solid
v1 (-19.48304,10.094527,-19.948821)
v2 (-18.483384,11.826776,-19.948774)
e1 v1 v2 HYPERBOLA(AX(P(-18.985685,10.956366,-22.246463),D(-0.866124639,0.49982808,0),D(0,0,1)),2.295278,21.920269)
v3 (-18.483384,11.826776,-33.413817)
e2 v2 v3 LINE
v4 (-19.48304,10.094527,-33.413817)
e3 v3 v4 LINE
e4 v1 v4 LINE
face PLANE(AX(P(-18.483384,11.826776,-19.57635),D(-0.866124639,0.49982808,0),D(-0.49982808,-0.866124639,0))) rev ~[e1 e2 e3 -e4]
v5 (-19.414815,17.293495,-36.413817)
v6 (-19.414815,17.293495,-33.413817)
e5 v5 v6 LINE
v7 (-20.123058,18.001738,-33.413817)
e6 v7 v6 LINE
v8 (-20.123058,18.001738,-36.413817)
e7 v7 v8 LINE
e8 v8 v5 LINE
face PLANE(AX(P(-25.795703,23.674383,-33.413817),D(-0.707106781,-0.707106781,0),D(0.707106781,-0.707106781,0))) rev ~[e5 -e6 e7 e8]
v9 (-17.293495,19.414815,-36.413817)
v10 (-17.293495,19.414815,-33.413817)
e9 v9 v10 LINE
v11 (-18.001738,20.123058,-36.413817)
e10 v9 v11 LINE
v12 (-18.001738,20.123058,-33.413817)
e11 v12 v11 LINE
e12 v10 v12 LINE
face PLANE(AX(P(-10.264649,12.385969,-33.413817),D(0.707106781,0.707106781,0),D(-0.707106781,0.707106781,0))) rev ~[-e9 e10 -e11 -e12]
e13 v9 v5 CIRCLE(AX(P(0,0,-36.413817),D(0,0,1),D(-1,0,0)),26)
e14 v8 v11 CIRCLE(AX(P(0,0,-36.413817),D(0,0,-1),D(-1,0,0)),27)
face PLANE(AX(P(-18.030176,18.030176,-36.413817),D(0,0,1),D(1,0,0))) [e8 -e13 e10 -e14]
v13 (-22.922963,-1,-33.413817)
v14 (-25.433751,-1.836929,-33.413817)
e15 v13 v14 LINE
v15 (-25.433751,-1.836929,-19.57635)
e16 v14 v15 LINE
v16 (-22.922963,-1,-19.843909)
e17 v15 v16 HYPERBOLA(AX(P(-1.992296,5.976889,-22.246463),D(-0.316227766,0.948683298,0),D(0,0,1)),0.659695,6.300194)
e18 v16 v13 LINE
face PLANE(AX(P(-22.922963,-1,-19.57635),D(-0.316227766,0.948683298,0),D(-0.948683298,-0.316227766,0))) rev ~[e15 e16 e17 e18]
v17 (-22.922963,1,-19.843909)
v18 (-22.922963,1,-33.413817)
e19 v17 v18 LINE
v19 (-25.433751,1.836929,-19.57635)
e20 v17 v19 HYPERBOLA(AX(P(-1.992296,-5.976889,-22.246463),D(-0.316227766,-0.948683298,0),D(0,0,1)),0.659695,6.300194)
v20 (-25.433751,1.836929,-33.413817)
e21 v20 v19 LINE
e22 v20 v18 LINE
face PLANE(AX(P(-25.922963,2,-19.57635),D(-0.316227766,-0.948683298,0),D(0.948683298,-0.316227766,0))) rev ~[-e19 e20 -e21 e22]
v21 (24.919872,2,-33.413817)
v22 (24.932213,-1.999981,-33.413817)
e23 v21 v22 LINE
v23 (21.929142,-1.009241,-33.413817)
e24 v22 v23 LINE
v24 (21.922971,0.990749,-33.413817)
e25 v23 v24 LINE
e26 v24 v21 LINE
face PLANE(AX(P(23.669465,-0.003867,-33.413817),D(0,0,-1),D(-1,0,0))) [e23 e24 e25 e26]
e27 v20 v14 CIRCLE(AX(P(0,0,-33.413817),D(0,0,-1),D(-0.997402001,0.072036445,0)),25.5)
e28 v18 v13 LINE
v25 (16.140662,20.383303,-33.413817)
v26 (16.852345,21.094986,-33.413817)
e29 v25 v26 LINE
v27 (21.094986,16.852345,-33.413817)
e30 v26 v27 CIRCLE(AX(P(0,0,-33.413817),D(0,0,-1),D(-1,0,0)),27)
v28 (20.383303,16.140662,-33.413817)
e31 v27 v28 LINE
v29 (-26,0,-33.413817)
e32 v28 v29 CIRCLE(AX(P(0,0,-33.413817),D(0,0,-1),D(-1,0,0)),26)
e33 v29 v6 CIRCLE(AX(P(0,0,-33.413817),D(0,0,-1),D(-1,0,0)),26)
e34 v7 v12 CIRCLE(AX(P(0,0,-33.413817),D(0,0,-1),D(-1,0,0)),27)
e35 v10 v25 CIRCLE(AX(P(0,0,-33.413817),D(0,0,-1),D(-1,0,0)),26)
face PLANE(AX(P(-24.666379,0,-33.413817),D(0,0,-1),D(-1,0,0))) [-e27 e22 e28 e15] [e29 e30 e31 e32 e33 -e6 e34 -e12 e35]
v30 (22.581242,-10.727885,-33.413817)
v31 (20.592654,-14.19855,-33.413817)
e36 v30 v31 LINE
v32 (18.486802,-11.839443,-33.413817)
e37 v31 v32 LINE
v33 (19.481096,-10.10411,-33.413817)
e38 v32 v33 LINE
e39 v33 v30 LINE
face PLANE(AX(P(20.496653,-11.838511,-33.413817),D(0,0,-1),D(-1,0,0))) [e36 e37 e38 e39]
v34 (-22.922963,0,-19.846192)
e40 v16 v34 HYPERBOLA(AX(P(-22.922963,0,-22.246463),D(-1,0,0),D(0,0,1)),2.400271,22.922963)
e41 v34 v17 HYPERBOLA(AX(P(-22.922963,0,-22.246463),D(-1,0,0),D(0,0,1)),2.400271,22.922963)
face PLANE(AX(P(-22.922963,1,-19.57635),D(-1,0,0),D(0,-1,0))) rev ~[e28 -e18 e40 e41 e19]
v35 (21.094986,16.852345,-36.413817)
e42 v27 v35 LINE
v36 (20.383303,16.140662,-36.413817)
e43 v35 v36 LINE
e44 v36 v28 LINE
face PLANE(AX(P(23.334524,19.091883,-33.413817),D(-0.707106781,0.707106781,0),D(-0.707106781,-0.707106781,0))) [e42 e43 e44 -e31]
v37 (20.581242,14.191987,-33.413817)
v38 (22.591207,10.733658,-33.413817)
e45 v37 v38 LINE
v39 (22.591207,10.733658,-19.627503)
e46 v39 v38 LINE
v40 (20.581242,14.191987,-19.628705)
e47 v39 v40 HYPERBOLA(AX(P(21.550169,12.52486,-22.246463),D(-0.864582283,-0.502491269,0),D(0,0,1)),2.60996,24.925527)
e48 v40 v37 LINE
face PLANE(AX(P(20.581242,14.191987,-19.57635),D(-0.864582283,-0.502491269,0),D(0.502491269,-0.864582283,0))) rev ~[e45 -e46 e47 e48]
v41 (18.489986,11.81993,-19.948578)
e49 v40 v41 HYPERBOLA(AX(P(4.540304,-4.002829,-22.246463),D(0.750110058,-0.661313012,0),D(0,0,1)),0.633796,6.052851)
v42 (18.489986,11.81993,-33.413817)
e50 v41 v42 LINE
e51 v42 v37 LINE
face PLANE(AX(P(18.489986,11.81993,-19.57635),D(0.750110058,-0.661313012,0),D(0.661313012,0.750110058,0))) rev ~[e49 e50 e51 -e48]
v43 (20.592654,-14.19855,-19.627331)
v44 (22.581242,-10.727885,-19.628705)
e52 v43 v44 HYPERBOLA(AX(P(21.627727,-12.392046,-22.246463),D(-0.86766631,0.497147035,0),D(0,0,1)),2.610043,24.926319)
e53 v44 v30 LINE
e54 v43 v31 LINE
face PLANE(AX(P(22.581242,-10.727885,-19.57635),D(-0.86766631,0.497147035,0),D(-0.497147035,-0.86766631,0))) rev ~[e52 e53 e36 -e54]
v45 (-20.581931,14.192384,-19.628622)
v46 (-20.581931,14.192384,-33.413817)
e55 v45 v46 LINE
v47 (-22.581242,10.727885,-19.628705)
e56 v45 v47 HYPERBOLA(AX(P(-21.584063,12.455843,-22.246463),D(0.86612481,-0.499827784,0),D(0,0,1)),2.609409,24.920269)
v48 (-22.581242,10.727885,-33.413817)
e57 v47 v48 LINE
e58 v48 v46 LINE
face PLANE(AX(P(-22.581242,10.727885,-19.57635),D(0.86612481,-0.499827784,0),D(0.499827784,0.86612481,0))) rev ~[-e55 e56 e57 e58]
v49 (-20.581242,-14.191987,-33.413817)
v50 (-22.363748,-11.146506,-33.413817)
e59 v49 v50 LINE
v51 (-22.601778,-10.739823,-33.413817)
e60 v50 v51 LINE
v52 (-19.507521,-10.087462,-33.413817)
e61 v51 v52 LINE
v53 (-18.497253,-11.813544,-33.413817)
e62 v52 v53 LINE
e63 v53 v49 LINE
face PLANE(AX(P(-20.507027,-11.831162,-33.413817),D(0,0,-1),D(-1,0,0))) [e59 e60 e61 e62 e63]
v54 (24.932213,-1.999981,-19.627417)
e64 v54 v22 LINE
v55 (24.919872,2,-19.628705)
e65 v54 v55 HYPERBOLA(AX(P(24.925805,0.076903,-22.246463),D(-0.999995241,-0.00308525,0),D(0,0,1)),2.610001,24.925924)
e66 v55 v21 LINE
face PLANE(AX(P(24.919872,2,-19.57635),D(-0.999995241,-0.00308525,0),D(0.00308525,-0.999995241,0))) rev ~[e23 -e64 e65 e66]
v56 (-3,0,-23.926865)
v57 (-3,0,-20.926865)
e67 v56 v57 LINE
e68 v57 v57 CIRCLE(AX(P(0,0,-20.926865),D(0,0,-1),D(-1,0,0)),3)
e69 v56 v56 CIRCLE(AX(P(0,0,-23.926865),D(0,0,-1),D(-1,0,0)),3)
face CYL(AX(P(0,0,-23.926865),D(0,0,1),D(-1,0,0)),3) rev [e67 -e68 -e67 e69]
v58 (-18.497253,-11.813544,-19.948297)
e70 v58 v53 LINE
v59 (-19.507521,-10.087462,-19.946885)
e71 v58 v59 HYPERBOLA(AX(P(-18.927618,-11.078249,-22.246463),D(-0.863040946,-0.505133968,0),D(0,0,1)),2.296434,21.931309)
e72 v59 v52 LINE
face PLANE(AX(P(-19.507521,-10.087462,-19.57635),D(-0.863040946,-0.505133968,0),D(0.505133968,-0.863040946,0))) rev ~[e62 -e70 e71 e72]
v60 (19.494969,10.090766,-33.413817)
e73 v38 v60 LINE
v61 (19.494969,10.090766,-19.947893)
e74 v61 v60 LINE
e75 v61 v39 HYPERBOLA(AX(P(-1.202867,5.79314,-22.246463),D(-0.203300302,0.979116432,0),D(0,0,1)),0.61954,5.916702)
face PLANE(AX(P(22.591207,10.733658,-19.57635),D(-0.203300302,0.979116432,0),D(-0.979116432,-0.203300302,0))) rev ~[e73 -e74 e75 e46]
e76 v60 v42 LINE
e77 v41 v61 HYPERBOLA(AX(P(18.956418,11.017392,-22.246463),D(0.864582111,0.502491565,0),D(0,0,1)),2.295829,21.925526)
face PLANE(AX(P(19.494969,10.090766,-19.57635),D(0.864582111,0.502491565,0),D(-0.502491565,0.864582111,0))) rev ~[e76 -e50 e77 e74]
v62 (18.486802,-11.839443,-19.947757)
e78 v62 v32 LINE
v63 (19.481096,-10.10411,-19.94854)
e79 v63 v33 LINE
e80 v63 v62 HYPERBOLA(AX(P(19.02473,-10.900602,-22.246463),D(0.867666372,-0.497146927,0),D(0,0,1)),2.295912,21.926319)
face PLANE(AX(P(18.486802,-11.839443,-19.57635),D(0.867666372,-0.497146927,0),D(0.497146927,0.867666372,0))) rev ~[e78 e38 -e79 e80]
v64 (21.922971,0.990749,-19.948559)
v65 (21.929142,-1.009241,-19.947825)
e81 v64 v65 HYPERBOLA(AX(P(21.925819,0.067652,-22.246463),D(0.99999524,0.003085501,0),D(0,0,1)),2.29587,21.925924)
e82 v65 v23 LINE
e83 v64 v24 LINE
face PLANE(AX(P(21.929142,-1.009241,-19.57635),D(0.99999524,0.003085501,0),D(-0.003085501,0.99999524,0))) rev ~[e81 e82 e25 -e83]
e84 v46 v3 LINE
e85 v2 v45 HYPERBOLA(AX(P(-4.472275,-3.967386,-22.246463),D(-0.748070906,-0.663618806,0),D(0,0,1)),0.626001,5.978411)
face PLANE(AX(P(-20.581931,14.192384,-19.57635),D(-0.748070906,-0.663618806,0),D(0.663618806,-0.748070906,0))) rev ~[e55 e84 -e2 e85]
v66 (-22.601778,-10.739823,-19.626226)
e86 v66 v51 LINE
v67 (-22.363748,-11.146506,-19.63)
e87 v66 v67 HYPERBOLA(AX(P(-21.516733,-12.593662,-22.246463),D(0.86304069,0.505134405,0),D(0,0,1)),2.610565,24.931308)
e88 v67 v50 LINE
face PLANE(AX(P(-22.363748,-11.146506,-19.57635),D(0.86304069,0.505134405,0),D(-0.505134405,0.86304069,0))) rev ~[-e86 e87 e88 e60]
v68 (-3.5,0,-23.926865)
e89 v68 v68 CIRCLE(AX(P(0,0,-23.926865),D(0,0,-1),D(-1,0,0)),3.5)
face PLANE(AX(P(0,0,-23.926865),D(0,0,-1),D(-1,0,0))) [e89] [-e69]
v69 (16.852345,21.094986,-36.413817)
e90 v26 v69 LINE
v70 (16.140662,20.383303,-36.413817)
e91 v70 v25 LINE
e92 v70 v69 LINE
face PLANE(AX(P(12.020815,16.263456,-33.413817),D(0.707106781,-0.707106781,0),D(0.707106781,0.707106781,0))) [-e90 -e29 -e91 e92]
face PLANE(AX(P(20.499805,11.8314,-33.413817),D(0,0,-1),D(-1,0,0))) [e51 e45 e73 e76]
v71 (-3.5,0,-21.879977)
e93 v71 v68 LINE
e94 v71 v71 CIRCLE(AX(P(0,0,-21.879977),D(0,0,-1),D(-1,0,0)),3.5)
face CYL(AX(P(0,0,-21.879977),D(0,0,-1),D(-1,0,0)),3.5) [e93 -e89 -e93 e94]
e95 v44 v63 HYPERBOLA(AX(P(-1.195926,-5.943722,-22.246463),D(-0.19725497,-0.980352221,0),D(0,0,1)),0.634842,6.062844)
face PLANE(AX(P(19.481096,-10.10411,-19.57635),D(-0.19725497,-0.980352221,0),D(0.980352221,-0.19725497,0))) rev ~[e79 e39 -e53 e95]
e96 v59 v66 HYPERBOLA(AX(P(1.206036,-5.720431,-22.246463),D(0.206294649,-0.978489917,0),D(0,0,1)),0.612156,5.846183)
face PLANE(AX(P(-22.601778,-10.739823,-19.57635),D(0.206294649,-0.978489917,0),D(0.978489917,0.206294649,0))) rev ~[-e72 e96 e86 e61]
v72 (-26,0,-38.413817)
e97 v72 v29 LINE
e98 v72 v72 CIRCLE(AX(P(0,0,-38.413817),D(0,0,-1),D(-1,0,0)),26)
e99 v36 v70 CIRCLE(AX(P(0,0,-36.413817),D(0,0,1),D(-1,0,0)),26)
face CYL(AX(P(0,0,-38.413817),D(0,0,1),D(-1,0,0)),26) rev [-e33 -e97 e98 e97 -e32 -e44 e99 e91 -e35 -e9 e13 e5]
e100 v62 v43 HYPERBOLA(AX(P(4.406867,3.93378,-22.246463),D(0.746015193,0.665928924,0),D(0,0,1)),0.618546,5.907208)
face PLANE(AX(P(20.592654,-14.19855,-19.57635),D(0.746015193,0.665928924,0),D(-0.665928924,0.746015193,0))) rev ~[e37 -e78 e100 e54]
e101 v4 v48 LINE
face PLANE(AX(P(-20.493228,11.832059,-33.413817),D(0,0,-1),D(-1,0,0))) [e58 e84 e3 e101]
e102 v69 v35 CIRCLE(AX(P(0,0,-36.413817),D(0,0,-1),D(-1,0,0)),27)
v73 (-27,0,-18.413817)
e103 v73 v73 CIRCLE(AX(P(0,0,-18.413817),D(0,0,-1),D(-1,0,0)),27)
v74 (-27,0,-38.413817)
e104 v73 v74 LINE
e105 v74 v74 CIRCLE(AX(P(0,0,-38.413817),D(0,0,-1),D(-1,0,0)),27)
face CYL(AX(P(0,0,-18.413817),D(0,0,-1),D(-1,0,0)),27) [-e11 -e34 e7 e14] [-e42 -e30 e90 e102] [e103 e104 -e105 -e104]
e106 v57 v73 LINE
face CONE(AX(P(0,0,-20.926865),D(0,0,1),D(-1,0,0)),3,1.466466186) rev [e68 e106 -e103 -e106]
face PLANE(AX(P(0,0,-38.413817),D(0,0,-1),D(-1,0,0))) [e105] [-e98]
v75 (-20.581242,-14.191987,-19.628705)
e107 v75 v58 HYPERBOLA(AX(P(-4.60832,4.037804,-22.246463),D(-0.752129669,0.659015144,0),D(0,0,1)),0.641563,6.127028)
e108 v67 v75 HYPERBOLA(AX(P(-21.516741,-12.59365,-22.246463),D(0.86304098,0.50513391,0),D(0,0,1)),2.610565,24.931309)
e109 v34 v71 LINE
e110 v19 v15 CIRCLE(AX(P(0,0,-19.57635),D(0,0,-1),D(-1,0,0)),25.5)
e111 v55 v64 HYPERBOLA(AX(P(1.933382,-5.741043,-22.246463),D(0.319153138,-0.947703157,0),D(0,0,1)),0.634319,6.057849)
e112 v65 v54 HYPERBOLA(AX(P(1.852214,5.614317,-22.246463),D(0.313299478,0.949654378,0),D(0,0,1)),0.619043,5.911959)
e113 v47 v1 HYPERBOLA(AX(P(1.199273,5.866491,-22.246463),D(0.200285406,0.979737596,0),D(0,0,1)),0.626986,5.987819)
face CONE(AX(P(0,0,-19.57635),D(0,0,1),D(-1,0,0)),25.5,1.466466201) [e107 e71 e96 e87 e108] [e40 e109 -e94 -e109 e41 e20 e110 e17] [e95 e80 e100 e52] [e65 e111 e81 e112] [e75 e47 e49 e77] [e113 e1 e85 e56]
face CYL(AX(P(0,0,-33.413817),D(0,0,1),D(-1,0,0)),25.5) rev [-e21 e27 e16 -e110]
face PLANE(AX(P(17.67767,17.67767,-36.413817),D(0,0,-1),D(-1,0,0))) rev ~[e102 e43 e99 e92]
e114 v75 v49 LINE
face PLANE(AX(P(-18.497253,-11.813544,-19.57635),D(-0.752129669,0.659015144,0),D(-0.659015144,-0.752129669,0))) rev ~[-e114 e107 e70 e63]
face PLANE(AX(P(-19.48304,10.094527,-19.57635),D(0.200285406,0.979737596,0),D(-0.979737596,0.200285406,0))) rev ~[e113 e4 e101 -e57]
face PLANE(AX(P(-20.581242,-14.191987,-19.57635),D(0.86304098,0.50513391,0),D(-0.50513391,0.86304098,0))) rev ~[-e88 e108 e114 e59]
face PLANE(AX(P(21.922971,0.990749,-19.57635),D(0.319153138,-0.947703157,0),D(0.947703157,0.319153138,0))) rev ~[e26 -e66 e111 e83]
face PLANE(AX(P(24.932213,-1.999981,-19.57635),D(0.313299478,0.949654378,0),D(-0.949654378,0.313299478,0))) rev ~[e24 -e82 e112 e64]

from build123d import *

# Parameters (mm, degrees)
BOSS_EXTRU_4_START      = -13.837467
BOSS_EXTRU_4_DEPTH      = 13.837467
ENL_V_MAT_EXTRU_2_DEPTH = 3
ENL_V_MAT_EXTRU_3_DEPTH = 3


with BuildPart() as part:
    # Esquisse3 → Révolution1 (revolve)
    with BuildSketch(Plane(origin=(0, 0, 0), x_dir=(1, 0, 0), z_dir=(0, 1, 0))):
        Polygon((-27, 18.413817), (-27, 38.413817), (-26, 38.413817), (-26, 33.413817), (-25.5, 33.413817), (-25.5, 19.57635), (-3.5, 21.879977), (-3.5, 23.926865), (-3, 23.926865), (-3, 20.926865), align=None)
    revolve(axis=Axis((0, 0, 0), (0, 0, -1)))

    # Esquisse7 → Boss.-Extru.4 (add)
    with BuildSketch(Plane(origin=(0, 0, -33.413817), x_dir=(-1, 0, 0), z_dir=(0, 0, -1)).offset(BOSS_EXTRU_4_START)):
        Polygon((22.922963, -1), (25.922963, -2), (25.922963, 2), (22.922963, 1), align=None)
        Polygon((-21.922971, 0.990749), (-24.919872, 2), (-24.932213, -1.999981), (-21.929142, -1.009241), align=None)
        Polygon((19.48304, 10.094527), (22.581242, 10.727885), (20.581931, 14.192384), (18.483384, 11.826776), align=None)
        Polygon((-18.489986, 11.81993), (-20.581242, 14.191987), (-22.591207, 10.733658), (-19.494969, 10.090766), align=None)
        Polygon((18.497253, -11.813544), (20.581242, -14.191987), (22.363748, -11.146506), (22.601778, -10.739823), (19.507521, -10.087462), align=None)
        Polygon((-19.481096, -10.10411), (-22.581242, -10.727885), (-20.592654, -14.19855), (-18.486802, -11.839443), align=None)
    extrude(amount=BOSS_EXTRU_4_DEPTH)

    # Esquisse8 → Enlèv. mat.-Extru.2 (cut)
    with BuildSketch(Plane(origin=(0, 0, -33.413817), x_dir=(-1, 0, 0), z_dir=(0, 0, -1))):
        Polygon((10.264649, 12.385969), (23.674383, 25.795703), (25.795703, 23.674383), (12.385969, 10.264649), align=None)
    extrude(amount=ENL_V_MAT_EXTRU_2_DEPTH, mode=Mode.SUBTRACT)

    # Esquisse9 → Enlèv. mat.-Extru.3 (cut)
    with BuildSketch(Plane(origin=(0, 0, -33.413817), x_dir=(-1, 0, 0), z_dir=(0, 0, -1))):
        Polygon((-12.020815, 16.263456), (-19.091883, 23.334524), (-23.334524, 19.091883), (-16.263456, 12.020815), align=None)
    extrude(amount=ENL_V_MAT_EXTRU_3_DEPTH, mode=Mode.SUBTRACT)


solid = part.part
